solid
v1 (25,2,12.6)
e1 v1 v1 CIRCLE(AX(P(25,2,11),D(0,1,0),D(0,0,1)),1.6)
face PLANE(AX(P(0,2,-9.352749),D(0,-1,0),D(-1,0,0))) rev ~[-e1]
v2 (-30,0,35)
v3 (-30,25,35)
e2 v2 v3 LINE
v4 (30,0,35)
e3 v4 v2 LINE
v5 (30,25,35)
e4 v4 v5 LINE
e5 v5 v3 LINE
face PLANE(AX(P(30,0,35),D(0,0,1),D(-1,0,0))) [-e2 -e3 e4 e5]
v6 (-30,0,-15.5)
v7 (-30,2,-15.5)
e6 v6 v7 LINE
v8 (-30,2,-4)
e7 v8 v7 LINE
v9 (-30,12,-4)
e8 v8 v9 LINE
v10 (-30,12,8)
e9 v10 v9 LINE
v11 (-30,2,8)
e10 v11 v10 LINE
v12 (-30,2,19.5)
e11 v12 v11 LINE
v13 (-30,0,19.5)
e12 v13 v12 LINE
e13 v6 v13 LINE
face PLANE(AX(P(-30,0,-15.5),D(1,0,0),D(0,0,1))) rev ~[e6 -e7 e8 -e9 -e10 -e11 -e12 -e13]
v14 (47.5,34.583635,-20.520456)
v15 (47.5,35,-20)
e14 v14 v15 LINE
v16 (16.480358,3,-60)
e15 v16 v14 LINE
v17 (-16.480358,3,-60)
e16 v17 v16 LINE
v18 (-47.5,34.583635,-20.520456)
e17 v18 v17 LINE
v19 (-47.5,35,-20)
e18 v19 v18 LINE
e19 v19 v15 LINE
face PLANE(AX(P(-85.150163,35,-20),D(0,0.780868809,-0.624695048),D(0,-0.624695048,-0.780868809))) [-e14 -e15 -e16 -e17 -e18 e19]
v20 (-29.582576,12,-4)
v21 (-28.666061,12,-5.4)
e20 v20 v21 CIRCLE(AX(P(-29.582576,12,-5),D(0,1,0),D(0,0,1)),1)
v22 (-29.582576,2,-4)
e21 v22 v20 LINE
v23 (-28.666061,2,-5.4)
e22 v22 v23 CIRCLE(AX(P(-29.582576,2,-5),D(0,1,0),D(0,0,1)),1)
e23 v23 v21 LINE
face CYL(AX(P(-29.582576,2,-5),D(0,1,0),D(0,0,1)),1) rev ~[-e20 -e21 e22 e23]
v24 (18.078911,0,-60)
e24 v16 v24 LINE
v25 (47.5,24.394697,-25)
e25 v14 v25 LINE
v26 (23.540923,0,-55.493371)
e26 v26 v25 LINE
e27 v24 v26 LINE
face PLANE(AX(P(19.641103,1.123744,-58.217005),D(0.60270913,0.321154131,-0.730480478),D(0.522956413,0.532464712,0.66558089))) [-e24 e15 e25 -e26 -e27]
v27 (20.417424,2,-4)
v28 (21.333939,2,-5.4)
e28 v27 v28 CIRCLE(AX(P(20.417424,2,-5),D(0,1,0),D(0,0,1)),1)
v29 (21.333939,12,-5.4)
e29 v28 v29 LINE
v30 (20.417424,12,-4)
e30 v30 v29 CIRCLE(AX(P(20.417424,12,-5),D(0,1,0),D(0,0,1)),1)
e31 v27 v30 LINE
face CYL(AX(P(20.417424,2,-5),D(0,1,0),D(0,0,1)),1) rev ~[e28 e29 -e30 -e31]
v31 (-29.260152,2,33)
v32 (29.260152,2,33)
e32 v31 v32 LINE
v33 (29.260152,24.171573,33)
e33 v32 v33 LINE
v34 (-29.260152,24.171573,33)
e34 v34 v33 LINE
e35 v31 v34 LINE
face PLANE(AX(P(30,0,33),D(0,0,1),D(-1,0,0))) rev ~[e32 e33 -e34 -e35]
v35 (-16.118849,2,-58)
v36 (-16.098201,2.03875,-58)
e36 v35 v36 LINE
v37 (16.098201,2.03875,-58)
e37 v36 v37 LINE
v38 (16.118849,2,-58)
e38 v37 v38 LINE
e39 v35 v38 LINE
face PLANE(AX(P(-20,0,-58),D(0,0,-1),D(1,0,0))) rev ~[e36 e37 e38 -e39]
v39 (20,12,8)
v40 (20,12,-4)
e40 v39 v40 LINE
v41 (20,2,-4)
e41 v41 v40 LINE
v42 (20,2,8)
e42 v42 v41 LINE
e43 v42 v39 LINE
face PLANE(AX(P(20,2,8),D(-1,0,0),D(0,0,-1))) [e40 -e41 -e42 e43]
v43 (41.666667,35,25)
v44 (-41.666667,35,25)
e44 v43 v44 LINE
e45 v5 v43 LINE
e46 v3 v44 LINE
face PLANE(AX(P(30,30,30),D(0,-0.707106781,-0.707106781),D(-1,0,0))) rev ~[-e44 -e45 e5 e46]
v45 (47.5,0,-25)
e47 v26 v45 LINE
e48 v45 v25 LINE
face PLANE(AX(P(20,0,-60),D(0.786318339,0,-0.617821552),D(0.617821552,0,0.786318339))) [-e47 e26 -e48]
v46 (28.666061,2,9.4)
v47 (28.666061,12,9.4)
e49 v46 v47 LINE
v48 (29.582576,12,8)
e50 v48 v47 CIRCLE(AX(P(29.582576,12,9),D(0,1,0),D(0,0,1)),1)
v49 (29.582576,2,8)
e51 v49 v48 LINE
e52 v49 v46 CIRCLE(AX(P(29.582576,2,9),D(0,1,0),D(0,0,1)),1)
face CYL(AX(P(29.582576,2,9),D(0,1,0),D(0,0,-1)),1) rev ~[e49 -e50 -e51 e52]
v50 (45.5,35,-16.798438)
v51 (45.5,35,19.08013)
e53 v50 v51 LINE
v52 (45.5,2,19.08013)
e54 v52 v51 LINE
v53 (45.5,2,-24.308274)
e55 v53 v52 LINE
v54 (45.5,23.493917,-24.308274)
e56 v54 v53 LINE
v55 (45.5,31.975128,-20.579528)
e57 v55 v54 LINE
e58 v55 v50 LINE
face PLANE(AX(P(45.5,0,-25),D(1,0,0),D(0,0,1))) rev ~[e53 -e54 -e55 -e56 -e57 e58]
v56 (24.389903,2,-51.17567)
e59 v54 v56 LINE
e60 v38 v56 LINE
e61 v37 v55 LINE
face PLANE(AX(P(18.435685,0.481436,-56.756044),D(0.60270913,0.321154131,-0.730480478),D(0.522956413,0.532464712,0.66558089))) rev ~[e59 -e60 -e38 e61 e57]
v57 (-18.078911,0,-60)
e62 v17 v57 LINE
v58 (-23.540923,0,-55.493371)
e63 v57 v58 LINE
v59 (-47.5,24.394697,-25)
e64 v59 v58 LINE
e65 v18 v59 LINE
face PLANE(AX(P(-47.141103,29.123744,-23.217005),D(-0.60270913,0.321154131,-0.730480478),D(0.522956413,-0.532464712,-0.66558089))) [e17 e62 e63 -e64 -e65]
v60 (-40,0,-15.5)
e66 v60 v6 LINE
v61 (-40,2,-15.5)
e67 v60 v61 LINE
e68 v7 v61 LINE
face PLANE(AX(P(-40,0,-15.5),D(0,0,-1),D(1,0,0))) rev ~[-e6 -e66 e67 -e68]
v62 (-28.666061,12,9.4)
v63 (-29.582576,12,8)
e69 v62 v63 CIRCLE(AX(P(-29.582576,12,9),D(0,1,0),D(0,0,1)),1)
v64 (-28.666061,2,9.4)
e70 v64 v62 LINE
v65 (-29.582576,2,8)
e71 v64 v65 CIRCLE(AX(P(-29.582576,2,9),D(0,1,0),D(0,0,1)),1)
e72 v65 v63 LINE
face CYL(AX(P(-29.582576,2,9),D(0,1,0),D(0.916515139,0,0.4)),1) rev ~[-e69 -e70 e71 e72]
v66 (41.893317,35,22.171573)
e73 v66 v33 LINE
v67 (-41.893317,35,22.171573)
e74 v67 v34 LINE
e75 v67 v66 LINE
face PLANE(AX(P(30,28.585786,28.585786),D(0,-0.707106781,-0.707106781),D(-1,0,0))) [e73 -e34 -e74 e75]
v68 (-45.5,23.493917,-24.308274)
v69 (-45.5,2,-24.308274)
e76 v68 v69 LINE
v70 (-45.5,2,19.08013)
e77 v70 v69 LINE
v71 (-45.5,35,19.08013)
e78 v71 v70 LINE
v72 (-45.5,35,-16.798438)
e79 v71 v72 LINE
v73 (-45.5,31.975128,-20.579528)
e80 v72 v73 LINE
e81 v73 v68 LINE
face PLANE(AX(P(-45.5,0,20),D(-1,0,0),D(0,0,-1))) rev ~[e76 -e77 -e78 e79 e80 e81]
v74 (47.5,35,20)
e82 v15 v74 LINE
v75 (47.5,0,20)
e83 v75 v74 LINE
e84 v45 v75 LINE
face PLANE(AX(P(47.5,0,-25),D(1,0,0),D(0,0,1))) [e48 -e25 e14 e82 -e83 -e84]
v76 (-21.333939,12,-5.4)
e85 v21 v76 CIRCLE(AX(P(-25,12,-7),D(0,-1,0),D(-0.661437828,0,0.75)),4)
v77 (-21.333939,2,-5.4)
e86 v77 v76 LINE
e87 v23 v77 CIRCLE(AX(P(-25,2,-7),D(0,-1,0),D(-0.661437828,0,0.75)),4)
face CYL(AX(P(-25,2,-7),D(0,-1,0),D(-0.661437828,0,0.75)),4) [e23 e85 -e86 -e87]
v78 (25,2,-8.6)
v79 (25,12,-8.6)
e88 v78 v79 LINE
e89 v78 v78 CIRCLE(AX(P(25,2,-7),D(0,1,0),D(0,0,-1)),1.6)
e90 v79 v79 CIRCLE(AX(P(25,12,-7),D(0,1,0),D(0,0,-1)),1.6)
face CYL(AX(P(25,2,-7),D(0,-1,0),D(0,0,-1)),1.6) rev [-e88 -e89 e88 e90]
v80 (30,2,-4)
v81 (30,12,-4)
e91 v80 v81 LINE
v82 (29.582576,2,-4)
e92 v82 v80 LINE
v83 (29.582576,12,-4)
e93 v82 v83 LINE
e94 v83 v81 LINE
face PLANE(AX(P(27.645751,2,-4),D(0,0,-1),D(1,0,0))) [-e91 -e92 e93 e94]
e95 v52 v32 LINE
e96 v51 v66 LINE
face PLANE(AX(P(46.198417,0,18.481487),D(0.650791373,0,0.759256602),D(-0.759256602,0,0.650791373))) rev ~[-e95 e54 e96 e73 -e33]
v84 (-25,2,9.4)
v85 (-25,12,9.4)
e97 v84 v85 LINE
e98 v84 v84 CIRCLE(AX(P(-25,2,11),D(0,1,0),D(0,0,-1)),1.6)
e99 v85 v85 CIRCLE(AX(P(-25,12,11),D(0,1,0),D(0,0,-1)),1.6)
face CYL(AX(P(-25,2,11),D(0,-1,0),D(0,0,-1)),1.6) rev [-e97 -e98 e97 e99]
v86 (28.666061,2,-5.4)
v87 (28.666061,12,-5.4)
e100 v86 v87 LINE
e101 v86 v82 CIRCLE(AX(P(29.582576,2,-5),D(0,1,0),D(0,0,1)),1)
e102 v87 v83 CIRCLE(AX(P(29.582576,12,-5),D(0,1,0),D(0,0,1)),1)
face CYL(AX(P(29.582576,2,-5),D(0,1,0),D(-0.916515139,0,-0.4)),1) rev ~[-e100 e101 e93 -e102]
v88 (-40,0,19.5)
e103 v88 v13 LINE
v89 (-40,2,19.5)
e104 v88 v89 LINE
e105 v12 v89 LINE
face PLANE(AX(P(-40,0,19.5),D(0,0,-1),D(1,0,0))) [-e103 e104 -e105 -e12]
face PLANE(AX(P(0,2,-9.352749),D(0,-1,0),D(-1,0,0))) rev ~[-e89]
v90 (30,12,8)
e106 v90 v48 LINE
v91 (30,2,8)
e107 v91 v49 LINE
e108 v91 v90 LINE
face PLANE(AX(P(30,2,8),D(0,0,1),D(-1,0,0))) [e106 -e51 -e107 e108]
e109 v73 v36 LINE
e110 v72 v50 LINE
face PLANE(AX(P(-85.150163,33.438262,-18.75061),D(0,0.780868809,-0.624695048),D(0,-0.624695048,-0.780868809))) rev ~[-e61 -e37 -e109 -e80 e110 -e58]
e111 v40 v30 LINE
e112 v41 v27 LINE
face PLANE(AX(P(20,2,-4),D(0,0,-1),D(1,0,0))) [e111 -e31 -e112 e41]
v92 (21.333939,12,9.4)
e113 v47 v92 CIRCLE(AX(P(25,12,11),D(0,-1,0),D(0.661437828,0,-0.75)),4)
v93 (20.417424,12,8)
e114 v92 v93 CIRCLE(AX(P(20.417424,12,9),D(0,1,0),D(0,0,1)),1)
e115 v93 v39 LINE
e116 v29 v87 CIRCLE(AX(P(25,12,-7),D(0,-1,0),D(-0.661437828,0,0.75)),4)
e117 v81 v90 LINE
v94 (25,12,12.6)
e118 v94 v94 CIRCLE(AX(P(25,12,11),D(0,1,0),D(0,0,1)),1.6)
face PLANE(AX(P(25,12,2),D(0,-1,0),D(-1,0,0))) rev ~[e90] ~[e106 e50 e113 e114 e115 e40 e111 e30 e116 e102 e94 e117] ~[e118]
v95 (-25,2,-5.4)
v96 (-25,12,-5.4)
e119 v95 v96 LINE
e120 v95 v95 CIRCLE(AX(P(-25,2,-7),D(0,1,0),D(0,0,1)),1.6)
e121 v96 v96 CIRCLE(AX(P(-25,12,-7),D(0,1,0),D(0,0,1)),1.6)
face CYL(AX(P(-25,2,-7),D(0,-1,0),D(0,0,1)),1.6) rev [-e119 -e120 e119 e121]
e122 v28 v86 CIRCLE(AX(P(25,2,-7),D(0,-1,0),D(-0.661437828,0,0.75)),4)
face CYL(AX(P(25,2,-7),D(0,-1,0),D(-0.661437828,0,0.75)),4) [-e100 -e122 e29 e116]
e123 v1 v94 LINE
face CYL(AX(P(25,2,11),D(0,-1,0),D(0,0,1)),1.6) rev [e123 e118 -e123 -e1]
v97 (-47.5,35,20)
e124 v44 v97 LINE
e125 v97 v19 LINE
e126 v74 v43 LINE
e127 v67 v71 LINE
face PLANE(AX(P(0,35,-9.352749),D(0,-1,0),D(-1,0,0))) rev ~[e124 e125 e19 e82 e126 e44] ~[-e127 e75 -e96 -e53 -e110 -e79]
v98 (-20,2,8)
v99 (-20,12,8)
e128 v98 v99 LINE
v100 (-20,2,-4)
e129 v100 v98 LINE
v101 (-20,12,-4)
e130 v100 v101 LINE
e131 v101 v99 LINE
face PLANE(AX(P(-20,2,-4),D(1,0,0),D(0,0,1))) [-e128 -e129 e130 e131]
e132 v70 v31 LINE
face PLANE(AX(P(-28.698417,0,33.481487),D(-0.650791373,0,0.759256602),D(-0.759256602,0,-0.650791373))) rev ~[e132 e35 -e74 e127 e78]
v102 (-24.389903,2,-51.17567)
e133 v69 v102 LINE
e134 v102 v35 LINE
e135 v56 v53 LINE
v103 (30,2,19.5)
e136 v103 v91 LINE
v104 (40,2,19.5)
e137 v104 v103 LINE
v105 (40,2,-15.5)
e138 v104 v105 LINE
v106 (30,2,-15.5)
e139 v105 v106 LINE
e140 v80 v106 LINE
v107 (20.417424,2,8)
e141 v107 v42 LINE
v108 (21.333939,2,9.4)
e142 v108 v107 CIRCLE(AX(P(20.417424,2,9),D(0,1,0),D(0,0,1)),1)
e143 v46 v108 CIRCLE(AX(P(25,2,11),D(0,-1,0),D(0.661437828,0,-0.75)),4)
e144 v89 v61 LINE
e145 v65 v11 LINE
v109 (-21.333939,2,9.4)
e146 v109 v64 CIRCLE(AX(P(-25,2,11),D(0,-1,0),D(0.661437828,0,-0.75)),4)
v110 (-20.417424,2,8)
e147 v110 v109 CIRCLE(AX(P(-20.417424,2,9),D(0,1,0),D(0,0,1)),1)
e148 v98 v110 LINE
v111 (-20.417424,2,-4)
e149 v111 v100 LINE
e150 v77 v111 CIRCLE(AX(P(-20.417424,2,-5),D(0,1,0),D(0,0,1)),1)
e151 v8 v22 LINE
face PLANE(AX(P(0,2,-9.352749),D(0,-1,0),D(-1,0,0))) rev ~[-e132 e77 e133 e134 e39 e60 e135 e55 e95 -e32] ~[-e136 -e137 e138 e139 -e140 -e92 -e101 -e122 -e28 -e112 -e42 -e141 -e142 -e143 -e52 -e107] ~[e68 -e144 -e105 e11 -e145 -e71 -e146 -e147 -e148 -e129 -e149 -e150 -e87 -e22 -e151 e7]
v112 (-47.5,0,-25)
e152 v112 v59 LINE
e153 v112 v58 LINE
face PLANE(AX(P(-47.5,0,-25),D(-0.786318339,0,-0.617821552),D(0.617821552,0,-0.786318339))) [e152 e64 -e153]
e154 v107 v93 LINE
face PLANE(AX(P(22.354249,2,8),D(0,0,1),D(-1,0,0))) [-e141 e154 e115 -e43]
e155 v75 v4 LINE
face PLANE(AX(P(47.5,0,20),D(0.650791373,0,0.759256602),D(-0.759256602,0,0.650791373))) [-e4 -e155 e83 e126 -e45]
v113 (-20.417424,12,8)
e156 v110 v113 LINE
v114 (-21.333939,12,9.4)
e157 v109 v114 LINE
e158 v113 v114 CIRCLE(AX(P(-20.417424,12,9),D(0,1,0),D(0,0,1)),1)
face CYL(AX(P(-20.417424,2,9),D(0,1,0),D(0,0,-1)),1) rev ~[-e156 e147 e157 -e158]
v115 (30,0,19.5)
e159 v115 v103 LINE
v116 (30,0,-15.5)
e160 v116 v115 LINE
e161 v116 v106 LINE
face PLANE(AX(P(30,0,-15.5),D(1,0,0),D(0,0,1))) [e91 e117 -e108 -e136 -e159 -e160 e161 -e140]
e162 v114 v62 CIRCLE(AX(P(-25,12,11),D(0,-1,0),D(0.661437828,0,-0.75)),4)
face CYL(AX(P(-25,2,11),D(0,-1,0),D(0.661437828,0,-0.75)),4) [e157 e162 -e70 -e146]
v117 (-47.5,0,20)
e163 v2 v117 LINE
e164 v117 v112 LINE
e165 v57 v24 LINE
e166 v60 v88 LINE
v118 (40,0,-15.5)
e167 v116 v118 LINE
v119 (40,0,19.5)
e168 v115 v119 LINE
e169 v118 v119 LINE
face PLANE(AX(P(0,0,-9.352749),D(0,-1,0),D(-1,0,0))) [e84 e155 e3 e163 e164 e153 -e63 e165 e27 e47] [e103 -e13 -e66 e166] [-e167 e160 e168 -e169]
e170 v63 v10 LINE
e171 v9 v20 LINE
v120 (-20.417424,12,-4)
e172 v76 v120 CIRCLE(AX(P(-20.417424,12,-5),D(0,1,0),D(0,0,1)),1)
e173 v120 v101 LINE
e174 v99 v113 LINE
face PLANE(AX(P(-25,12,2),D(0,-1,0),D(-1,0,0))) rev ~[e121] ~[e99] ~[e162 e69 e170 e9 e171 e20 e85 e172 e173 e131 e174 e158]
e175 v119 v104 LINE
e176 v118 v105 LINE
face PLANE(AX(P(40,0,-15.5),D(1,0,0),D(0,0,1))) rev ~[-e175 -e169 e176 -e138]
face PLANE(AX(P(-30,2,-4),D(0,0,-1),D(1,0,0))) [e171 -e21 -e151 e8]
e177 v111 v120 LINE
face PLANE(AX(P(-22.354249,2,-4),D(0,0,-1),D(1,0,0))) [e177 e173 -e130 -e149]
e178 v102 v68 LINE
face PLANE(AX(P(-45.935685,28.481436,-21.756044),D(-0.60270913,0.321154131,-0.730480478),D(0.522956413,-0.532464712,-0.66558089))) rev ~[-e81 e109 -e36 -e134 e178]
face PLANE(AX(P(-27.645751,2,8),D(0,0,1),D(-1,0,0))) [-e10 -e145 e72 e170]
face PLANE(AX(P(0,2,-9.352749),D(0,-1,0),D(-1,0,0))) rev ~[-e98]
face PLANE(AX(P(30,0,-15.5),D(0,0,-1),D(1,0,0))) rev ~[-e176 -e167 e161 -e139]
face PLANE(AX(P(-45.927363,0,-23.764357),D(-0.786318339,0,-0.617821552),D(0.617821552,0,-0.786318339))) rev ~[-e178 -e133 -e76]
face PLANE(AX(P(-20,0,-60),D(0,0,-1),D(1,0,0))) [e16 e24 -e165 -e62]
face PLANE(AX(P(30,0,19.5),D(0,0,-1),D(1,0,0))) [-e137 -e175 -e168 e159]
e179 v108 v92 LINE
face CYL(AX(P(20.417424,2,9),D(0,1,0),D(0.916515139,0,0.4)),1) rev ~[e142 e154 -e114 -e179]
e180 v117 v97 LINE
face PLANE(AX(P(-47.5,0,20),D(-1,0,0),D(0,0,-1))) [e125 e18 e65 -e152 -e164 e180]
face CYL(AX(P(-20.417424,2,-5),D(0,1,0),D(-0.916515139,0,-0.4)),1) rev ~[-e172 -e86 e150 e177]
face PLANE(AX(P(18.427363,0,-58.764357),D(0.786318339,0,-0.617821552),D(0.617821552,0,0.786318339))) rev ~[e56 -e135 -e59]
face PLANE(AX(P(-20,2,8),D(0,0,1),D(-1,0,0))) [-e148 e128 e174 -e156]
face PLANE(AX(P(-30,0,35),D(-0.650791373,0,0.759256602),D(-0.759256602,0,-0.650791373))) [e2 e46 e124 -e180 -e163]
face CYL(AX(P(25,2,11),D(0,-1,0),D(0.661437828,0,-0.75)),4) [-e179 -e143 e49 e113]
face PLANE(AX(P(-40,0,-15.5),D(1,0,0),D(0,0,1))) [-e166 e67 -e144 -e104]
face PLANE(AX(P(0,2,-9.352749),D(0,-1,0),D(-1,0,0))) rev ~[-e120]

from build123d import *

# Parameters (mm, degrees)
AUFSATZ_LINEAR_AUSTRAGEN1_DEPTH      = 35
SCHNITT_LINEAR_AUSTRAGEN1_DEPTH      = 85.150163399
SCHNITT_LINEAR_AUSTRAGEN1_DEPTH_BACK = 85.150163399
FASE6_SIZE                           = 3
FASE6_SIZE2                          = 5.591073264
FASE6_EDGE_2_SIZE                    = 3
FASE6_EDGE_2_SIZE2                   = 5.591073264
FASE7_SIZE                           = 10
WANDUNG3_T                           = -2
SCHNITT_LINEAR_AUSTRAGEN2_REACH      = 86.15
SKIZZE9_W                            = 10
SKIZZE9_H                            = 35
SKIZZE10_R                           = 1.6
AUFSATZ_LINEAR_AUSTRAGEN3_DEPTH      = 10
VERRUNDUNG4_R                        = 1


with BuildPart() as part:
    # Skizze6 → Aufsatz-Linear austragen1 (new body)
    with BuildSketch(Plane(origin=(0, 0, 0), x_dir=(1, 0, 0), z_dir=(0, 1, 0))):
        Polygon((30, -35), (-30, -35), (-47.5, -20), (-47.5, 25), (-20, 60), (20, 60), (47.5, 25), (47.5, -20), align=None)
    extrude(amount=AUFSATZ_LINEAR_AUSTRAGEN1_DEPTH)

    # Skizze8 → Schnitt-Linear austragen1 (cut, two sides: drawn at the far end of the back side and taken through both)
    with BuildSketch(Plane(origin=(0, 0, 0), x_dir=(0, 0, -1), z_dir=(1, 0, 0)).offset(-SCHNITT_LINEAR_AUSTRAGEN1_DEPTH_BACK)):
        Polygon((20, 35), (60, 3), (60, 35), align=None)
    extrude(amount=SCHNITT_LINEAR_AUSTRAGEN1_DEPTH + SCHNITT_LINEAR_AUSTRAGEN1_DEPTH_BACK, mode=Mode.SUBTRACT)

    # Fase6
    fase6_edges = [part.edges().sort_by_distance(p)[0] for p in [
        (33.75, 17, -42.5),
    ]]
    fase6_side = [part.faces().sort_by_distance(p)[0] for p in [
        (0, 21.261380323, -37.173274596),
    ]]
    chamfer(fase6_edges, length=FASE6_SIZE, length2=FASE6_SIZE2, reference=fase6_side[0])

    # Fase6 edge 2
    fase6_edge_2_edges = [part.edges().sort_by_distance(p)[0] for p in [
        (-33.75, 17, -42.5),
    ]]
    fase6_edge_2_side = [part.faces().sort_by_distance(p)[0] for p in [
        (0, 21.261380323, -37.173274596),
    ]]
    chamfer(fase6_edge_2_edges, length=FASE6_EDGE_2_SIZE, length2=FASE6_EDGE_2_SIZE2, reference=fase6_edge_2_side[0])

    # Fase7
    fase7_edges = [part.edges().sort_by_distance(p)[0] for p in [
        (0, 35, 35),
    ]]
    chamfer(fase7_edges, length=FASE7_SIZE)

    # Wandung3
    wandung3_openings = [part.faces().sort_by_distance(p)[0] for p in [
        (0, 35, 2.356885836),
    ]]
    offset(amount=WANDUNG3_T, openings=wandung3_openings, kind=Kind.INTERSECTION)

    # Skizze9 → Schnitt-Linear austragen2 (cut, up to next)
    with BuildSketch(Plane.XZ, mode=Mode.PRIVATE) as schnitt_linear_austragen2_sk1:
        with Locations((-35, 2)):
            Rectangle(SKIZZE9_W, SKIZZE9_H)
    schnitt_linear_austragen2_tool1 = extrude(schnitt_linear_austragen2_sk1.sketch, amount=-SCHNITT_LINEAR_AUSTRAGEN2_REACH, mode=Mode.PRIVATE) & part.part
    # Skizze9 → Schnitt-Linear austragen2 (cut, up to next)
    with BuildSketch(Plane.XZ, mode=Mode.PRIVATE) as schnitt_linear_austragen2_sk2:
        with Locations((35, 2)):
            Rectangle(SKIZZE9_W, SKIZZE9_H)
    schnitt_linear_austragen2_tool2 = extrude(schnitt_linear_austragen2_sk2.sketch, amount=-SCHNITT_LINEAR_AUSTRAGEN2_REACH, mode=Mode.PRIVATE) & part.part
    add(schnitt_linear_austragen2_tool1.solids().sort_by_distance((-35, 0, 2))[0], mode=Mode.SUBTRACT)
    add(schnitt_linear_austragen2_tool2.solids().sort_by_distance((35, 0, 2))[0], mode=Mode.SUBTRACT)

    # Skizze10 → Aufsatz-Linear austragen3 (add)
    # profile 1 of 2: a face of its own
    with BuildSketch(Plane(origin=(0, 2, 0), x_dir=(1, 0, 0), z_dir=(0, 1, 0))):
        with BuildLine():
            Line((-30, 4), (-27.645751311, 4))
            ThreePointArc((-27.645751311, 4), (-25, 11), (-22.354248689, 4))
            Line((-22.354248689, 4), (-20, 4))
            Line((-20, 4), (-20, -8))
            Line((-20, -8), (-22.354248689, -8))
            ThreePointArc((-22.354248689, -8), (-25, -15), (-27.645751311, -8))
            Line((-27.645751311, -8), (-30, -8))
            Line((-30, -8), (-30, 4))
        make_face()
        with Locations(Location((-25, 7, 0), (0, 0, 270))):
            Circle(SKIZZE10_R, mode=Mode.SUBTRACT)
        with Locations(Location((-25, -11, 0), (0, 0, 90))):
            Circle(SKIZZE10_R, mode=Mode.SUBTRACT)
    # profile 2 of 2: a face of its own
    with BuildSketch(Plane(origin=(0, 2, 0), x_dir=(1, 0, 0), z_dir=(0, 1, 0))):
        with BuildLine():
            Line((22.354248689, -8), (20, -8))
            Line((20, -8), (20, 4))
            Line((20, 4), (22.354248689, 4))
            ThreePointArc((22.354248689, 4), (25, 11), (27.645751311, 4))
            Line((27.645751311, 4), (30, 4))
            Line((30, 4), (30, -8))
            Line((30, -8), (27.645751311, -8))
            ThreePointArc((27.645751311, -8), (25, -15), (22.354248689, -8))
        make_face()
        with Locations(Location((25, -11, 0), (0, 0, 270))):
            Circle(SKIZZE10_R, mode=Mode.SUBTRACT)
        with Locations(Location((25, 7, 0), (0, 0, 90))):
            Circle(SKIZZE10_R, mode=Mode.SUBTRACT)
    extrude(amount=AUFSATZ_LINEAR_AUSTRAGEN3_DEPTH)

    # Verrundung4
    verrundung4_edges = [part.edges().sort_by_distance(p)[0] for p in [
        (-22.354248689, 7, 8),
        (-22.354248689, 7, -4),
        (-27.645751311, 7, -4),
        (-27.645751311, 7, 8),
        (27.645751311, 7, -4),
        (22.354248689, 7, -4),
        (22.354248689, 7, 8),
        (27.645751311, 7, 8),
    ]]
    fillet(verrundung4_edges, radius=VERRUNDUNG4_R)


solid = part.part
